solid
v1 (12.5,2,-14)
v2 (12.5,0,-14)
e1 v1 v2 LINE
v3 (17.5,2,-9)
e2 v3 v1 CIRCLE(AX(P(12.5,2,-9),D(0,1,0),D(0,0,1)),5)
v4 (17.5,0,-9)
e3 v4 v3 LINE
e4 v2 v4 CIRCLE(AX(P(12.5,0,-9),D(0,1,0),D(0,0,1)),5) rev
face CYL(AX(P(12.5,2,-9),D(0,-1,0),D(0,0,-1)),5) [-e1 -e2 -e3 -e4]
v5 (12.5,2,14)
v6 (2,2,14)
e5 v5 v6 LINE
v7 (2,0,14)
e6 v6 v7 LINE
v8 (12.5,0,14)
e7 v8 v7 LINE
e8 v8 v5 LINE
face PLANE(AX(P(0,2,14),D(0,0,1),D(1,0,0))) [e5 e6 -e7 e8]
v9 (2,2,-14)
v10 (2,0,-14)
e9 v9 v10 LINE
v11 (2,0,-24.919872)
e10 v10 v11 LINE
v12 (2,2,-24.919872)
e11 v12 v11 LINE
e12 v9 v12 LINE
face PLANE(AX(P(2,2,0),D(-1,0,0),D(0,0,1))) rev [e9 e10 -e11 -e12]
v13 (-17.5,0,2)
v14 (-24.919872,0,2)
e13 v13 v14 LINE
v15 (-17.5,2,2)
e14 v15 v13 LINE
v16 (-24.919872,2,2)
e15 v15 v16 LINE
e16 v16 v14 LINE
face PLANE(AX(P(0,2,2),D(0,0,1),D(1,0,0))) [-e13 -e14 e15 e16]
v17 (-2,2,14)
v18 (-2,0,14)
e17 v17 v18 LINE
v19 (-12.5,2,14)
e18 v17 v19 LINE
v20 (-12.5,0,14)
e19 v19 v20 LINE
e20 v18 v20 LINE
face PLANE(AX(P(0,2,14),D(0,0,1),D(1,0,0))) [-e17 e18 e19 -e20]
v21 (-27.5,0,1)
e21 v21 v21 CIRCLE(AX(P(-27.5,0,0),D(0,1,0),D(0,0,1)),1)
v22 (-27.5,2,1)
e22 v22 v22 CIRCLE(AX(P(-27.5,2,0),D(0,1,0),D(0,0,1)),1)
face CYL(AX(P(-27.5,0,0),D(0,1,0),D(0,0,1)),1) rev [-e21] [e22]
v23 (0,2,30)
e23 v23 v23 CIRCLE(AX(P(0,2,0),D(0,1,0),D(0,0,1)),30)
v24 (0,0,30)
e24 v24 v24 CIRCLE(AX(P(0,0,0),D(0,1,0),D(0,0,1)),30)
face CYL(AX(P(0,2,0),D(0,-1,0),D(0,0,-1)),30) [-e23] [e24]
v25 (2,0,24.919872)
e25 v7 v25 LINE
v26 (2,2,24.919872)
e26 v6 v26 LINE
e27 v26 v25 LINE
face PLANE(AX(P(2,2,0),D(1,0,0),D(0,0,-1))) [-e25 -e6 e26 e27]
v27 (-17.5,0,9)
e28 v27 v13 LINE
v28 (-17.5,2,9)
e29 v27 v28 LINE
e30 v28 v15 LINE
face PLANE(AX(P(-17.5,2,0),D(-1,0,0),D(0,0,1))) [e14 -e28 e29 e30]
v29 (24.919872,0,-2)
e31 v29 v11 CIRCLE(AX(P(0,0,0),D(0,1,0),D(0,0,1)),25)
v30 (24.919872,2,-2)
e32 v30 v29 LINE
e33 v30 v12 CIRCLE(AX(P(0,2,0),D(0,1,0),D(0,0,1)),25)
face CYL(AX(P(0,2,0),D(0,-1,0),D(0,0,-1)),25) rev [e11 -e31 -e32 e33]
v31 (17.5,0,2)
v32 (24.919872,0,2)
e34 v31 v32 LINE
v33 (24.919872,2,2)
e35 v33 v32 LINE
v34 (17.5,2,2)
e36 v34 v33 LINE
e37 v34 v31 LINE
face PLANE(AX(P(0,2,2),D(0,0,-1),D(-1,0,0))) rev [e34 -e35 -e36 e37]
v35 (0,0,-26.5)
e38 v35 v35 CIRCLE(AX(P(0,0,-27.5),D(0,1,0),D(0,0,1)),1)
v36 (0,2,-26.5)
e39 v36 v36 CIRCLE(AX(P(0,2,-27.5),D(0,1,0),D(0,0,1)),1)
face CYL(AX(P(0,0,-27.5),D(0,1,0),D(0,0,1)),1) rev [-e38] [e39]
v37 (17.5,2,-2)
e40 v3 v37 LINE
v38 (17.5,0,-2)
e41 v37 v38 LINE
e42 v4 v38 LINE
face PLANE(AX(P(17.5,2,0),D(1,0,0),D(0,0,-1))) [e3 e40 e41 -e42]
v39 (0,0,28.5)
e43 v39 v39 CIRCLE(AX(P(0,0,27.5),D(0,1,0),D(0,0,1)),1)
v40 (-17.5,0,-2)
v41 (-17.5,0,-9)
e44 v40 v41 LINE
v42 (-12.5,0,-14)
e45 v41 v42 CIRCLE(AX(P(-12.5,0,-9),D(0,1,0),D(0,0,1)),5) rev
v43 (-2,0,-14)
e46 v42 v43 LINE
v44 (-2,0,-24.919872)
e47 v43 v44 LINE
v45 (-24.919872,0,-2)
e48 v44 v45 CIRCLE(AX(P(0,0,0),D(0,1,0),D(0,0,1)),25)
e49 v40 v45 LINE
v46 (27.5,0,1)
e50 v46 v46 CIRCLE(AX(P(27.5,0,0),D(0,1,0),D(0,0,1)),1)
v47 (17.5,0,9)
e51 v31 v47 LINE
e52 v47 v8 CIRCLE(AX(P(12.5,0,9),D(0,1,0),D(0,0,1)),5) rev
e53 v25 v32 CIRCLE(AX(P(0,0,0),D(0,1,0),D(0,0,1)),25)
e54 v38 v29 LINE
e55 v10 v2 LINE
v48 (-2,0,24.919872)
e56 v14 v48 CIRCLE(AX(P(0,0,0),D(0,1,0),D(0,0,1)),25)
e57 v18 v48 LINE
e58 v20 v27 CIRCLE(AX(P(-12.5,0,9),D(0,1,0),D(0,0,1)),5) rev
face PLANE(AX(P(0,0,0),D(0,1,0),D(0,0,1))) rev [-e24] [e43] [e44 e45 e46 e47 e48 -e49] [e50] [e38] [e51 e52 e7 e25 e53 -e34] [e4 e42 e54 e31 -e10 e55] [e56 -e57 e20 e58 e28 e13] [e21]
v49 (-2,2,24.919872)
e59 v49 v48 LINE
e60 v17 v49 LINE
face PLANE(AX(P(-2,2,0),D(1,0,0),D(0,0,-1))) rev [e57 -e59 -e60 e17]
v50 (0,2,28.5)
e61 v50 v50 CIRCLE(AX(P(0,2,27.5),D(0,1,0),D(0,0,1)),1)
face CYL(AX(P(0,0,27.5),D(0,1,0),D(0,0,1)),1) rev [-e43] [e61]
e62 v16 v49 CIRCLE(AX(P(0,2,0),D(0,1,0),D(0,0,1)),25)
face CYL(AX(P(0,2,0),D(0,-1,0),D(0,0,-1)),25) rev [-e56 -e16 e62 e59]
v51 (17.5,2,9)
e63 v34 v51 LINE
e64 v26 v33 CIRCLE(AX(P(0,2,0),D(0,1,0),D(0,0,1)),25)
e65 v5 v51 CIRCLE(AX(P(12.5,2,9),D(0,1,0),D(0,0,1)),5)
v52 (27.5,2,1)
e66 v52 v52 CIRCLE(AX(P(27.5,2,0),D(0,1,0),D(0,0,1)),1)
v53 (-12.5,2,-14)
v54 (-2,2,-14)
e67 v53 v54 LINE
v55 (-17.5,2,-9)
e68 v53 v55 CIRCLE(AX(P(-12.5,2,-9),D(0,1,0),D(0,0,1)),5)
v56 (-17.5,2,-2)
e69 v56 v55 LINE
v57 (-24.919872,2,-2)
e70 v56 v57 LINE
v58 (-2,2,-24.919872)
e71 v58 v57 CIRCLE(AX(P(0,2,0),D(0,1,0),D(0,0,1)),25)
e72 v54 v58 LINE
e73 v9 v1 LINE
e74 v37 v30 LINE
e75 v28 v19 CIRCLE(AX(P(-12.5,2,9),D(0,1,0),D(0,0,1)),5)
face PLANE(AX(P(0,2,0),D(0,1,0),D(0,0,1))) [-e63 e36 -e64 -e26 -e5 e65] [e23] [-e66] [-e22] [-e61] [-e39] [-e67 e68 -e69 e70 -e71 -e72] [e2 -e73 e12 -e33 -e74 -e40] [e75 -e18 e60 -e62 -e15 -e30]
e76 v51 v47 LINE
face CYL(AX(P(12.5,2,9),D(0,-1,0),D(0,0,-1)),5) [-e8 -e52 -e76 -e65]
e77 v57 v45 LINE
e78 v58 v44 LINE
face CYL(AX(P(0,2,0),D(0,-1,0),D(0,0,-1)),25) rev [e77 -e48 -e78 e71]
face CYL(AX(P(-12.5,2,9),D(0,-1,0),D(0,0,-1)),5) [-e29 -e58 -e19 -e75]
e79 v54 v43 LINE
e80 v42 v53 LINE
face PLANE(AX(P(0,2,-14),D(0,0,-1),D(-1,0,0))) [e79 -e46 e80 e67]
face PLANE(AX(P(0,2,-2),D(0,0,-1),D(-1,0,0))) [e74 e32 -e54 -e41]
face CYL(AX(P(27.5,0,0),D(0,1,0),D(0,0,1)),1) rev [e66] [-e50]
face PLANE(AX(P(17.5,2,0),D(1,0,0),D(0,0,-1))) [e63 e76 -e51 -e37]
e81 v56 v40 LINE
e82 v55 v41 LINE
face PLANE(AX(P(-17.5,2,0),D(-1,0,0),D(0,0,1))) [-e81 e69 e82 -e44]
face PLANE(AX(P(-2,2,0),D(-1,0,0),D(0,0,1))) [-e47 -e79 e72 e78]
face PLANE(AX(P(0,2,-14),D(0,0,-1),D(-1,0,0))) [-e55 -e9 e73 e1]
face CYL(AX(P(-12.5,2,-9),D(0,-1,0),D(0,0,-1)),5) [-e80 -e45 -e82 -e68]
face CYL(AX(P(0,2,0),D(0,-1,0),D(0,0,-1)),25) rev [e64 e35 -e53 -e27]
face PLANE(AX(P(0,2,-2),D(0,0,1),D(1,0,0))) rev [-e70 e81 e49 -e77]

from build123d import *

# Parameters (mm, degrees)
SKETCH1_R           = 30
SKETCH1_R_2         = 25
BOSS_EXTRUDE1_DEPTH = 2
SKETCH2_R           = 1
CUT_EXTRUDE1_DEPTH  = 2
BOSS_EXTRUDE2_DEPTH = 2
FILLET1_R           = 5


with BuildPart() as part:
    # Sketch1 → Boss-Extrude1 (new body)
    with BuildSketch(Plane(origin=(0, 0, 0), x_dir=(1, 0, 0), z_dir=(0, 1, 0))):
        with Locations(Location((0, 0, 0), (0, 0, 270))):
            Circle(SKETCH1_R)
        with Locations(Location((0, 0, 0), (0, 0, 270))):
            Circle(SKETCH1_R_2, mode=Mode.SUBTRACT)
    extrude(amount=BOSS_EXTRUDE1_DEPTH)

    # Sketch2 → Cut-Extrude1 (cut)
    with BuildSketch(Plane(origin=(0, 2, 0), x_dir=(1, 0, 0), z_dir=(0, 1, 0))):
        with Locations(Location((0, 27.5, 0), (0, 0, 270))):
            Circle(SKETCH2_R)
        with Locations(Location((27.5, 0, 0), (0, 0, 270))):
            Circle(SKETCH2_R)
        with Locations(Location((0, -27.5, 0), (0, 0, 270))):
            Circle(SKETCH2_R)
        with Locations(Location((-27.5, 0, 0), (0, 0, 270))):
            Circle(SKETCH2_R)
    extrude(amount=-CUT_EXTRUDE1_DEPTH, mode=Mode.SUBTRACT)

    # Sketch3 → Boss-Extrude2 (add)
    with BuildSketch(Plane(origin=(0, 0, 0), x_dir=(1, 0, 0), z_dir=(0, 1, 0))):
        with BuildLine():
            Line((17.5, 14), (2, 14))
            Line((2, 14), (2, 24.919871589))
            ThreePointArc((2, 24.919871589), (0, 25), (-2, 24.919871589))
            Line((-2, 24.919871589), (-2, 14))
            Line((-2, 14), (-17.5, 14))
            Line((-17.5, 14), (-17.5, 2))
            Line((-17.5, 2), (-24.919871589, 2))
            ThreePointArc((-24.919871589, 2), (-25, 0), (-24.919871589, -2))
            Line((-24.919871589, -2), (-17.5, -2))
            Line((-17.5, -2), (-17.5, -14))
            Line((-17.5, -14), (-2, -14))
            Line((-2, -14), (-2, -24.919871589))
            ThreePointArc((-2, -24.919871589), (0, -25), (2, -24.919871589))
            Line((2, -24.919871589), (2, -14))
            Line((2, -14), (17.5, -14))
            Line((17.5, -14), (17.5, -2))
            Line((17.5, -2), (24.919871589, -2))
            ThreePointArc((24.919871589, -2), (25, 0), (24.919871589, 2))
            Line((24.919871589, 2), (17.5, 2))
            Line((17.5, 2), (17.5, 14))
        make_face()
    extrude(amount=BOSS_EXTRUDE2_DEPTH)

    # Fillet1
    fillet1_edges = [part.edges().sort_by_distance(p)[0] for p in [
        (-17.5, 1, 14),
        (17.5, 1, 14),
        (17.5, 1, -14),
        (-17.5, 1, -14),
    ]]
    fillet(fillet1_edges, radius=FILLET1_R)


solid = part.part
